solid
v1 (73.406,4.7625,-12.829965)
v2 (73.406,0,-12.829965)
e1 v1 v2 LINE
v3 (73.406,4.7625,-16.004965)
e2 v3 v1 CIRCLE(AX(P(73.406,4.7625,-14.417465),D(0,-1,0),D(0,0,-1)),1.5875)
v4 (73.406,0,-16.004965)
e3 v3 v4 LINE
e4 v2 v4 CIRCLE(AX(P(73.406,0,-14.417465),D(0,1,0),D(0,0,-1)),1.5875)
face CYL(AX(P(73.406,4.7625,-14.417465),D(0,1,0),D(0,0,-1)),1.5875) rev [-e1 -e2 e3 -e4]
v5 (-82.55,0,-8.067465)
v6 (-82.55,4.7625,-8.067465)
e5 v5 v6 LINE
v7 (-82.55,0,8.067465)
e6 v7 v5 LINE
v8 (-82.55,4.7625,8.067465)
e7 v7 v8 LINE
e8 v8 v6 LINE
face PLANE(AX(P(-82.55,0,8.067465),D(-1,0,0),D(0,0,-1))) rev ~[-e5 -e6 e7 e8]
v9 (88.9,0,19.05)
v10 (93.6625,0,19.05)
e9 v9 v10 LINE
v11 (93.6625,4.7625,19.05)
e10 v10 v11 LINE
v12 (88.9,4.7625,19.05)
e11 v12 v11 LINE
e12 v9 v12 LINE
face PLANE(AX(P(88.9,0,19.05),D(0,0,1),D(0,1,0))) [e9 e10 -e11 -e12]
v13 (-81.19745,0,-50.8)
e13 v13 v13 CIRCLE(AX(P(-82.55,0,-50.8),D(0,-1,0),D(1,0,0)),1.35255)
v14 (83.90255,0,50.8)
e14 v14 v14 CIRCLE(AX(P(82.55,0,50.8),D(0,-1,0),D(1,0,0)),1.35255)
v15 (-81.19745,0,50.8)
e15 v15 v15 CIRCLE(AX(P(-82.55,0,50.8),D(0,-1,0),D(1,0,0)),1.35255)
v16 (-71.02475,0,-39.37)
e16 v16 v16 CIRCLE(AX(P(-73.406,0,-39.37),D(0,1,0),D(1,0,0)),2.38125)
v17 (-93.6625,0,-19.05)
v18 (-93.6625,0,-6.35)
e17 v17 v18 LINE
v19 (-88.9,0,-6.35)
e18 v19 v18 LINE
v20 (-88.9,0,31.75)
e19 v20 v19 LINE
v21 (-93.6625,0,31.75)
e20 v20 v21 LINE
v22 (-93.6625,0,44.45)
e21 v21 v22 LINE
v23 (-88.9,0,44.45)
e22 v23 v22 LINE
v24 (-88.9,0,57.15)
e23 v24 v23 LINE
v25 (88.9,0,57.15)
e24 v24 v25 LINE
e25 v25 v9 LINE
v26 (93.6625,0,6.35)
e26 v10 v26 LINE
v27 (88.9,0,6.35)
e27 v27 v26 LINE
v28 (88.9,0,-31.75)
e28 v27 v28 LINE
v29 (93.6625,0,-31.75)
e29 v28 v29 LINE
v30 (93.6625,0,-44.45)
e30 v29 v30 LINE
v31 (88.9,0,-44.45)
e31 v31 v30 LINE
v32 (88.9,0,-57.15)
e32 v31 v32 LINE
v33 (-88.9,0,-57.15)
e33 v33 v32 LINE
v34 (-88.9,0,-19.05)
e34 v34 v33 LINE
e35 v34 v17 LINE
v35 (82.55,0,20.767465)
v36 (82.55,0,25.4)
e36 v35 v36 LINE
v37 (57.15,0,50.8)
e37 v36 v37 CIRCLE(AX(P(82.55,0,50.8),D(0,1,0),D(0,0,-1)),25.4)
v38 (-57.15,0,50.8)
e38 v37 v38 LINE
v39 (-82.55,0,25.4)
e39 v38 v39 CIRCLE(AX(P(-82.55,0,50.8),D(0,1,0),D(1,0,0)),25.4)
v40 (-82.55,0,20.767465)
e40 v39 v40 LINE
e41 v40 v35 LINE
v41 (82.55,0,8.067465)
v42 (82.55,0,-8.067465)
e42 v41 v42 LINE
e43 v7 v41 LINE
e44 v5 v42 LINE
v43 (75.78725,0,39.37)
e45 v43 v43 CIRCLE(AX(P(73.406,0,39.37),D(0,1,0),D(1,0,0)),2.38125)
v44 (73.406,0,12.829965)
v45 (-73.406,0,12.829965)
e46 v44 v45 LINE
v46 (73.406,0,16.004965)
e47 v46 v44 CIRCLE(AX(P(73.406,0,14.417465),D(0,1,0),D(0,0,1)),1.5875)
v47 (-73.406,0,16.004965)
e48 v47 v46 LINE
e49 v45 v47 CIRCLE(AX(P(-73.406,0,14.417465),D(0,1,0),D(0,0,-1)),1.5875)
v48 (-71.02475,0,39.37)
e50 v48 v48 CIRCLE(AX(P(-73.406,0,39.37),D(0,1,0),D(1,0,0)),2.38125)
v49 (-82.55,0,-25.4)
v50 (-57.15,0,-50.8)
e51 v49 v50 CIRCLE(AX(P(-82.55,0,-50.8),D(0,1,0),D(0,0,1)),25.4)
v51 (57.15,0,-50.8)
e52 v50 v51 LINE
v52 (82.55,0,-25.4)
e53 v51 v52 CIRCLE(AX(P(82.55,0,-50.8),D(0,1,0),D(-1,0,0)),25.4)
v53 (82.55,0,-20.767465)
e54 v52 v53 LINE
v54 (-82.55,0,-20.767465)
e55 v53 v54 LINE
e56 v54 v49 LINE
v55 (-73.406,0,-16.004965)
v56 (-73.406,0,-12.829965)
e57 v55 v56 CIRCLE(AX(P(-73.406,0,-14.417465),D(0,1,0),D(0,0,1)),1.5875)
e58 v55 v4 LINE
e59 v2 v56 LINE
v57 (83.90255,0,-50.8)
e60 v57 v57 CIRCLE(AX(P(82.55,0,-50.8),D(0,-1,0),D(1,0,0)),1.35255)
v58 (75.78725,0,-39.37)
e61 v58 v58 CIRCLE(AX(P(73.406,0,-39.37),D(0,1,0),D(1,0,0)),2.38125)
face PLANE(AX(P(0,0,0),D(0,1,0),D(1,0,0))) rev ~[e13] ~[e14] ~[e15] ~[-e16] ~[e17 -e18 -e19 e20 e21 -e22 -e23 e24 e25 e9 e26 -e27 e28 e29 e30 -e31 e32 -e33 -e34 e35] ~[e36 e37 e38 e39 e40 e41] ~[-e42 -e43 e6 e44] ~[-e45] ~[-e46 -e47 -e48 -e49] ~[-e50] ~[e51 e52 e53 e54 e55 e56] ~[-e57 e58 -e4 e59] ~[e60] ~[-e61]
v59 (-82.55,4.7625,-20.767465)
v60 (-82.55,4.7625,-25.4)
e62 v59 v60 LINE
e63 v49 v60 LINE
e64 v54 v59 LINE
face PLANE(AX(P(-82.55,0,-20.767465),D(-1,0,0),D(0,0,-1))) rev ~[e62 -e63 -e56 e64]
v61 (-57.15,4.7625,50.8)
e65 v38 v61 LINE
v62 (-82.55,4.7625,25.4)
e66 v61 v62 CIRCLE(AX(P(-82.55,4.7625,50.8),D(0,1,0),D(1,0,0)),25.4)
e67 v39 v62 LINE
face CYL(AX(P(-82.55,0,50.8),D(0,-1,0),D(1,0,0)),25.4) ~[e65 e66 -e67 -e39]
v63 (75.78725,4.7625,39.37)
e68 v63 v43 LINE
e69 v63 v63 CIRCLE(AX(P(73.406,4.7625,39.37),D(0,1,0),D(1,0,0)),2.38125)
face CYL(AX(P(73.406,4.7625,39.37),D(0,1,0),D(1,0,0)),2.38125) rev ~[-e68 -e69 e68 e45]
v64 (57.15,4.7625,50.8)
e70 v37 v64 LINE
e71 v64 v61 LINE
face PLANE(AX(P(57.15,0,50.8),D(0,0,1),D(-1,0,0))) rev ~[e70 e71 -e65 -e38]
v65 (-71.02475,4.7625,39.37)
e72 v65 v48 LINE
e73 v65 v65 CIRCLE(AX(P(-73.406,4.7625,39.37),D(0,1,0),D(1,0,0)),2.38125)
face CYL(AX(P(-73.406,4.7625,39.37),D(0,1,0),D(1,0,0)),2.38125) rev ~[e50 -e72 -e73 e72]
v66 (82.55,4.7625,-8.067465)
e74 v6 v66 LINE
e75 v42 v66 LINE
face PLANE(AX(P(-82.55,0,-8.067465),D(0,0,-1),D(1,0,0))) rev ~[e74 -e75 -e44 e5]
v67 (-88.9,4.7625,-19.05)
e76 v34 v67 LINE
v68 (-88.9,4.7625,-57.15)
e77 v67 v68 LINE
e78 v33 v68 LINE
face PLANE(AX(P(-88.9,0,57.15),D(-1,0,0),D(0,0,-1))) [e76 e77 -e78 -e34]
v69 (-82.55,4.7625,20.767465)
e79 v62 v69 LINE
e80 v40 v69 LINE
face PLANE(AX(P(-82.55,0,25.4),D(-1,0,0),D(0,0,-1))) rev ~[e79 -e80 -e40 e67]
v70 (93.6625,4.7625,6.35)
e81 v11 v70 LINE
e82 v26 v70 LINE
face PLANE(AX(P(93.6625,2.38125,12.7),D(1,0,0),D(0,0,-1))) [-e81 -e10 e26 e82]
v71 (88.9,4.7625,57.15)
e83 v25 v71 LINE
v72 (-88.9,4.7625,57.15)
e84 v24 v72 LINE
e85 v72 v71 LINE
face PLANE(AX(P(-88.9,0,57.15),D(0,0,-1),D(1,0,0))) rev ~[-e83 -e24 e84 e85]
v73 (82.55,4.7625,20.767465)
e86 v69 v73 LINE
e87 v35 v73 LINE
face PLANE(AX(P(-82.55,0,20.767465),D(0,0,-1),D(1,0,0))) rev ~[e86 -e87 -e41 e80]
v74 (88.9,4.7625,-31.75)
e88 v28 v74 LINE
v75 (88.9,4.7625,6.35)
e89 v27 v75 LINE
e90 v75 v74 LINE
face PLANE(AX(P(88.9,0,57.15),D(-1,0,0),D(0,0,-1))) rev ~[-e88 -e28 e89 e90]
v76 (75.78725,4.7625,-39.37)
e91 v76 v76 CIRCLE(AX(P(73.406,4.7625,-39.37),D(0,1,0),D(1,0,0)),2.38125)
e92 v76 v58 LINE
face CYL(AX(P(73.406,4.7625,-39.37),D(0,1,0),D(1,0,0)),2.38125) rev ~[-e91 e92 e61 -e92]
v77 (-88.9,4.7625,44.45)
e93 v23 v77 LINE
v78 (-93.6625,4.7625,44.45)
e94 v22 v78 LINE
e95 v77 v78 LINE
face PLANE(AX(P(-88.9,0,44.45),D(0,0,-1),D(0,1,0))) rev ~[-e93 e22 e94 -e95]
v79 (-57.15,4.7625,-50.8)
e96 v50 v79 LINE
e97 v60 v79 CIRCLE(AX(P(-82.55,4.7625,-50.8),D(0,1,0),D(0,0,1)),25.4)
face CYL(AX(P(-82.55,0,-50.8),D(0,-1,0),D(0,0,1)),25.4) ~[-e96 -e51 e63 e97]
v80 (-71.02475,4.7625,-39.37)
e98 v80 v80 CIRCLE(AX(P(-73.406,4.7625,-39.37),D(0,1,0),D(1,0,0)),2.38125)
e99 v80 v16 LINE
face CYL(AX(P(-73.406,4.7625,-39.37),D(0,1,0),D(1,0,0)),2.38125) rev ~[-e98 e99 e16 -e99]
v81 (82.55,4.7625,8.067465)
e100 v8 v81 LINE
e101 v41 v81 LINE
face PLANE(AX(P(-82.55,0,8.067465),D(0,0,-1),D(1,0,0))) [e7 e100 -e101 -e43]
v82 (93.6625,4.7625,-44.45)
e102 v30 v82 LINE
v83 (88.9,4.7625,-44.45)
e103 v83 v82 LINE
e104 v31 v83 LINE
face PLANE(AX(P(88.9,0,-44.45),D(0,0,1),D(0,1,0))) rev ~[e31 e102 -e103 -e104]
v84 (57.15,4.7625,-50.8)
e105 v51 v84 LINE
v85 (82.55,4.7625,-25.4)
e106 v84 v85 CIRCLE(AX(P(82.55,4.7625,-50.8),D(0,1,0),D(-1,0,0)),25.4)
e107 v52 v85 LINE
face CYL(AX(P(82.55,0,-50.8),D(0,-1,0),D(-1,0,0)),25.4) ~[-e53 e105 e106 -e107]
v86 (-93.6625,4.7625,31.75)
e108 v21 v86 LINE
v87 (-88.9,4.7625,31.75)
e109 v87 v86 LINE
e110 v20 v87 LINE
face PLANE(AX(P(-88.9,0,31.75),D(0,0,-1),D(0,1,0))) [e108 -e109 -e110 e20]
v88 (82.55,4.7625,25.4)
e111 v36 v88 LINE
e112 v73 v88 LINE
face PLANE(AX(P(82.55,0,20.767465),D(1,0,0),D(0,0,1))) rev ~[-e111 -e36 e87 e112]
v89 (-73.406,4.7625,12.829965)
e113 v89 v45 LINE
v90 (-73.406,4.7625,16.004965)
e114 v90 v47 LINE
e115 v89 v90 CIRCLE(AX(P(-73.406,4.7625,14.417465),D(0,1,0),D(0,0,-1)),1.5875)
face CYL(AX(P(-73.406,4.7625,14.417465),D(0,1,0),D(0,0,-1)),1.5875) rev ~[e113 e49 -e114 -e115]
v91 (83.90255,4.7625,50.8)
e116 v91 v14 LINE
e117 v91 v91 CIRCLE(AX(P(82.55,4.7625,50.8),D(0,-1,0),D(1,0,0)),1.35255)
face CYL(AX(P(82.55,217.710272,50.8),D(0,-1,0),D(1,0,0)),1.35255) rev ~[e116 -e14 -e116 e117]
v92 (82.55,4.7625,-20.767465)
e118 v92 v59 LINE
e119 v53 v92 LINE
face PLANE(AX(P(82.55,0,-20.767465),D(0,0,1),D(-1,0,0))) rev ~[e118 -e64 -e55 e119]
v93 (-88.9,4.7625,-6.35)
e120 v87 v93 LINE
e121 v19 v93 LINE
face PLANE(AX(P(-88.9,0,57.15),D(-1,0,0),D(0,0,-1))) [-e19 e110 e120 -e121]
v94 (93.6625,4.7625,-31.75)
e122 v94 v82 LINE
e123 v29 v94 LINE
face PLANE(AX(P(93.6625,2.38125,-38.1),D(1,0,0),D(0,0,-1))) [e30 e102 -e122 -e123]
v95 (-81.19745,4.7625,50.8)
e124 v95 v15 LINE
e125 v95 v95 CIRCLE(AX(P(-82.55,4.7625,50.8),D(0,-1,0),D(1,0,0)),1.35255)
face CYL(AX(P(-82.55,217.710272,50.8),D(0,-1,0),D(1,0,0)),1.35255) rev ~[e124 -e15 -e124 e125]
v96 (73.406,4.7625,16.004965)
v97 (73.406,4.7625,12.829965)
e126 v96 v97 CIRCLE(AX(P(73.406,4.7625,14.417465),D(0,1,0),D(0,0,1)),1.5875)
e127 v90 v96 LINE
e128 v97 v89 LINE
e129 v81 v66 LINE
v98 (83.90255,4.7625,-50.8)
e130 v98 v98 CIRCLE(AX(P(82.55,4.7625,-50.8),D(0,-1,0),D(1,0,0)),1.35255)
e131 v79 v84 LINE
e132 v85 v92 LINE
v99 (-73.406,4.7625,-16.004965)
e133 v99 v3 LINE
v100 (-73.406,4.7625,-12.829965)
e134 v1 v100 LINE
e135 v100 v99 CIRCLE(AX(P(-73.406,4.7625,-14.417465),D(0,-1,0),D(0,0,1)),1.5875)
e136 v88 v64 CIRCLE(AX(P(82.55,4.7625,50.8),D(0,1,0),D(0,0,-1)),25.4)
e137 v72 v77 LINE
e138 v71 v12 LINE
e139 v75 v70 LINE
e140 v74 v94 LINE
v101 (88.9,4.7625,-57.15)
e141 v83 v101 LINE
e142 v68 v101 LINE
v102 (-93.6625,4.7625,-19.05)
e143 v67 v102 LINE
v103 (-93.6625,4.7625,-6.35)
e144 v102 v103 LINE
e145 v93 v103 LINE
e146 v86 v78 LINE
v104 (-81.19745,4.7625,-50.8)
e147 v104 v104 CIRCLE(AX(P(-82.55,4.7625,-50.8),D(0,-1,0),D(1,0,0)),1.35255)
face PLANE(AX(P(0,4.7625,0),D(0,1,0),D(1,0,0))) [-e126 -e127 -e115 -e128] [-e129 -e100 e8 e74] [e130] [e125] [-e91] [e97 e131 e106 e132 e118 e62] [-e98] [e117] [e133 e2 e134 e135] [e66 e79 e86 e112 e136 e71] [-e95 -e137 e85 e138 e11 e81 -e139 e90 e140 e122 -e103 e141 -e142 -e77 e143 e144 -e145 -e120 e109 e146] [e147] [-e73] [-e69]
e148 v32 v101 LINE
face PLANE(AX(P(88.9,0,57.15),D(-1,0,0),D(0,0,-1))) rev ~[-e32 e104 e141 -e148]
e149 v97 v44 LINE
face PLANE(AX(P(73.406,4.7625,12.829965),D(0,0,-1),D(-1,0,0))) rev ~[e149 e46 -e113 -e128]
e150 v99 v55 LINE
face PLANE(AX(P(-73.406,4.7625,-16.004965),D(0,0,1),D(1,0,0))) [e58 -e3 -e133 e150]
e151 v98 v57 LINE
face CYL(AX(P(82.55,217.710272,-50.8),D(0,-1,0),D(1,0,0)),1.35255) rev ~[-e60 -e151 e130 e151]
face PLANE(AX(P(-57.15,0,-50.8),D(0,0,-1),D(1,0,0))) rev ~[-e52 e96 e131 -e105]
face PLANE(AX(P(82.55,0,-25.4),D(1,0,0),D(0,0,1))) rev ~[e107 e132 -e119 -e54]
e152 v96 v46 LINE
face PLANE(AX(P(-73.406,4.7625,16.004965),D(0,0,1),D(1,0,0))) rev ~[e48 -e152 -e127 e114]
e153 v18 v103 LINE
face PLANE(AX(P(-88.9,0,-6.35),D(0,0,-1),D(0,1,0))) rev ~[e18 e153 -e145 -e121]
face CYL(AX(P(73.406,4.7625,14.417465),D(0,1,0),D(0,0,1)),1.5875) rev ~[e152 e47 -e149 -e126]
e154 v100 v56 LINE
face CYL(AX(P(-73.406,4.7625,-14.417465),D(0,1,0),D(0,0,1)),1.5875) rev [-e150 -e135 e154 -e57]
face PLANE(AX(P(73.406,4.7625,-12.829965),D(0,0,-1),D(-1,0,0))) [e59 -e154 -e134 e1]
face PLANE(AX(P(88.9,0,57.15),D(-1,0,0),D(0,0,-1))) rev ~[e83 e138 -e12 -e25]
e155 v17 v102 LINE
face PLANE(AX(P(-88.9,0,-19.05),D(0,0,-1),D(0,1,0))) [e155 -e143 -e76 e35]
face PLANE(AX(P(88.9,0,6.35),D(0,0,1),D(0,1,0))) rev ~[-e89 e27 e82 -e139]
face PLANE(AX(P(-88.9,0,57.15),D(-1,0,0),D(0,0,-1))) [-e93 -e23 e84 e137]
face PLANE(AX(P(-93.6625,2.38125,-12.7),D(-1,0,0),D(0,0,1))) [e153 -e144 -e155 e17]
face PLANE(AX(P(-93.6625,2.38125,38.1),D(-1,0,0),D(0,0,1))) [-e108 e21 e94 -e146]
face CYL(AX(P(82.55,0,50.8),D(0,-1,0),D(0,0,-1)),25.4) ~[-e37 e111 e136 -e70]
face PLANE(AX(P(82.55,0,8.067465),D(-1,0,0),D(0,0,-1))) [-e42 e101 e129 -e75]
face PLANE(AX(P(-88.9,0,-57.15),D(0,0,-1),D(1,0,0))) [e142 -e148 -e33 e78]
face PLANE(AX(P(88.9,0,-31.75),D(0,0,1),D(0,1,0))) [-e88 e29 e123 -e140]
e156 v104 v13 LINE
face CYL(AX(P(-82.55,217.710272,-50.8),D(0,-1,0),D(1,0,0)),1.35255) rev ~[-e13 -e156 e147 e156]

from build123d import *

# Parameters (mm, degrees)
SKETCH1_W             = 177.8
SKETCH1_H             = 114.3
SKETCH1_W_2           = 165.1
SKETCH1_H_2           = 16.134929366
BOSS_EXTRUDE1_DEPTH   = 4.7625
CUT_EXTRUDE1_DEPTH    = 5.7625
SKETCH4_R             = 2.38125
CUT_EXTRUDE2_DEPTH    = 5.7625
F_6_32_TAPPED_HOLE1_D = 2.7051
SKETCH7_W             = 12.7
SKETCH7_H             = 4.7625
BOSS_EXTRUDE2_DEPTH   = 4.7625
SKETCH8_W             = 12.7
SKETCH8_H             = 4.7625
BOSS_EXTRUDE3_DEPTH   = 4.7625


with BuildPart() as part:
    # Sketch1 → Boss-Extrude1 (new body)
    with BuildSketch(Plane(origin=(0, 0, 0), x_dir=(1, 0, 0), z_dir=(0, 1, 0))):
        Rectangle(SKETCH1_W, SKETCH1_H)
        with BuildLine():
            Line((-82.55, -25.4), (-82.55, -20.767464683))
            Line((-82.55, -20.767464683), (82.55, -20.767464683))
            Line((82.55, -20.767464683), (82.55, -25.4))
            ThreePointArc((82.55, -25.4), (64.589487758, -32.839487758), (57.15, -50.8))
            Line((57.15, -50.8), (-57.15, -50.8))
            ThreePointArc((-57.15, -50.8), (-64.589487758, -32.839487758), (-82.55, -25.4))
        make_face(mode=Mode.SUBTRACT)
        Rectangle(SKETCH1_W_2, SKETCH1_H_2, mode=Mode.SUBTRACT)
        with BuildLine():
            Line((82.55, 20.767464683), (-82.55, 20.767464683))
            Line((-82.55, 20.767464683), (-82.55, 25.4))
            ThreePointArc((-82.55, 25.4), (-64.589487758, 32.839487758), (-57.15, 50.8))
            Line((-57.15, 50.8), (57.15, 50.8))
            ThreePointArc((57.15, 50.8), (64.589487758, 32.839487758), (82.55, 25.4))
            Line((82.55, 25.4), (82.55, 20.767464683))
        make_face(mode=Mode.SUBTRACT)
    extrude(amount=BOSS_EXTRUDE1_DEPTH)

    # Sketch3 → Cut-Extrude1 (cut, through all)
    with BuildSketch(Plane(origin=(0, 4.7625, 0), x_dir=(1, 0, 0), z_dir=(0, 1, 0))):
        with BuildLine():
            Line((-73.406, 16.004964683), (73.406, 16.004964683))
            ThreePointArc((73.406, 16.004964683), (74.9935, 14.417464683), (73.406, 12.829964683))
            Line((73.406, 12.829964683), (-73.406, 12.829964683))
            ThreePointArc((-73.406, 12.829964683), (-74.9935, 14.417464683), (-73.406, 16.004964683))
        make_face()
        with BuildLine():
            Line((-73.406, -16.004964683), (73.406, -16.004964683))
            ThreePointArc((73.406, -16.004964683), (74.9935, -14.417464683), (73.406, -12.829964683))
            Line((73.406, -12.829964683), (-73.406, -12.829964683))
            ThreePointArc((-73.406, -12.829964683), (-74.9935, -14.417464683), (-73.406, -16.004964683))
        make_face()
    extrude(amount=-CUT_EXTRUDE1_DEPTH, mode=Mode.SUBTRACT)

    # Sketch4 → Cut-Extrude2 (cut, through all)
    with BuildSketch(Plane(origin=(0, 4.7625, 0), x_dir=(1, 0, 0), z_dir=(0, 1, 0))):
        with Locations((-73.406, 39.37)):
            Circle(SKETCH4_R)
        with Locations((-73.406, -39.37)):
            Circle(SKETCH4_R)
        with Locations((73.406, -39.37)):
            Circle(SKETCH4_R)
        with Locations((73.406, 39.37)):
            Circle(SKETCH4_R)
    extrude(amount=-CUT_EXTRUDE2_DEPTH, mode=Mode.SUBTRACT)

    # #6-32 Tapped Hole1 (through all)
    with Locations(Plane(origin=(0, 6.2865, 0), x_dir=(-1, 0, 0), z_dir=(0, 1, 0))):
        with Locations((82.55, -50.8), (82.55, 50.8), (-82.55, 50.8), (-82.55, -50.8)):
            Hole(F_6_32_TAPPED_HOLE1_D / 2)

    # Sketch7 → Boss-Extrude2 (add)
    with BuildSketch(Plane.ZY.offset(88.9)):
        with Locations((-12.7, 2.38125)):
            Rectangle(SKETCH7_W, SKETCH7_H)
        with Locations((38.1, 2.38125)):
            Rectangle(SKETCH7_W, SKETCH7_H)
    extrude(amount=BOSS_EXTRUDE2_DEPTH)

    # Sketch8 → Boss-Extrude3 (add)
    with BuildSketch(Plane(origin=(88.9, 0, 0), x_dir=(0, 0, -1), z_dir=(1, 0, 0))):
        with Locations((-12.7, 2.38125)):
            Rectangle(SKETCH8_W, SKETCH8_H)
        with Locations((38.1, 2.38125)):
            Rectangle(SKETCH8_W, SKETCH8_H)
    extrude(amount=BOSS_EXTRUDE3_DEPTH)


solid = part.part
